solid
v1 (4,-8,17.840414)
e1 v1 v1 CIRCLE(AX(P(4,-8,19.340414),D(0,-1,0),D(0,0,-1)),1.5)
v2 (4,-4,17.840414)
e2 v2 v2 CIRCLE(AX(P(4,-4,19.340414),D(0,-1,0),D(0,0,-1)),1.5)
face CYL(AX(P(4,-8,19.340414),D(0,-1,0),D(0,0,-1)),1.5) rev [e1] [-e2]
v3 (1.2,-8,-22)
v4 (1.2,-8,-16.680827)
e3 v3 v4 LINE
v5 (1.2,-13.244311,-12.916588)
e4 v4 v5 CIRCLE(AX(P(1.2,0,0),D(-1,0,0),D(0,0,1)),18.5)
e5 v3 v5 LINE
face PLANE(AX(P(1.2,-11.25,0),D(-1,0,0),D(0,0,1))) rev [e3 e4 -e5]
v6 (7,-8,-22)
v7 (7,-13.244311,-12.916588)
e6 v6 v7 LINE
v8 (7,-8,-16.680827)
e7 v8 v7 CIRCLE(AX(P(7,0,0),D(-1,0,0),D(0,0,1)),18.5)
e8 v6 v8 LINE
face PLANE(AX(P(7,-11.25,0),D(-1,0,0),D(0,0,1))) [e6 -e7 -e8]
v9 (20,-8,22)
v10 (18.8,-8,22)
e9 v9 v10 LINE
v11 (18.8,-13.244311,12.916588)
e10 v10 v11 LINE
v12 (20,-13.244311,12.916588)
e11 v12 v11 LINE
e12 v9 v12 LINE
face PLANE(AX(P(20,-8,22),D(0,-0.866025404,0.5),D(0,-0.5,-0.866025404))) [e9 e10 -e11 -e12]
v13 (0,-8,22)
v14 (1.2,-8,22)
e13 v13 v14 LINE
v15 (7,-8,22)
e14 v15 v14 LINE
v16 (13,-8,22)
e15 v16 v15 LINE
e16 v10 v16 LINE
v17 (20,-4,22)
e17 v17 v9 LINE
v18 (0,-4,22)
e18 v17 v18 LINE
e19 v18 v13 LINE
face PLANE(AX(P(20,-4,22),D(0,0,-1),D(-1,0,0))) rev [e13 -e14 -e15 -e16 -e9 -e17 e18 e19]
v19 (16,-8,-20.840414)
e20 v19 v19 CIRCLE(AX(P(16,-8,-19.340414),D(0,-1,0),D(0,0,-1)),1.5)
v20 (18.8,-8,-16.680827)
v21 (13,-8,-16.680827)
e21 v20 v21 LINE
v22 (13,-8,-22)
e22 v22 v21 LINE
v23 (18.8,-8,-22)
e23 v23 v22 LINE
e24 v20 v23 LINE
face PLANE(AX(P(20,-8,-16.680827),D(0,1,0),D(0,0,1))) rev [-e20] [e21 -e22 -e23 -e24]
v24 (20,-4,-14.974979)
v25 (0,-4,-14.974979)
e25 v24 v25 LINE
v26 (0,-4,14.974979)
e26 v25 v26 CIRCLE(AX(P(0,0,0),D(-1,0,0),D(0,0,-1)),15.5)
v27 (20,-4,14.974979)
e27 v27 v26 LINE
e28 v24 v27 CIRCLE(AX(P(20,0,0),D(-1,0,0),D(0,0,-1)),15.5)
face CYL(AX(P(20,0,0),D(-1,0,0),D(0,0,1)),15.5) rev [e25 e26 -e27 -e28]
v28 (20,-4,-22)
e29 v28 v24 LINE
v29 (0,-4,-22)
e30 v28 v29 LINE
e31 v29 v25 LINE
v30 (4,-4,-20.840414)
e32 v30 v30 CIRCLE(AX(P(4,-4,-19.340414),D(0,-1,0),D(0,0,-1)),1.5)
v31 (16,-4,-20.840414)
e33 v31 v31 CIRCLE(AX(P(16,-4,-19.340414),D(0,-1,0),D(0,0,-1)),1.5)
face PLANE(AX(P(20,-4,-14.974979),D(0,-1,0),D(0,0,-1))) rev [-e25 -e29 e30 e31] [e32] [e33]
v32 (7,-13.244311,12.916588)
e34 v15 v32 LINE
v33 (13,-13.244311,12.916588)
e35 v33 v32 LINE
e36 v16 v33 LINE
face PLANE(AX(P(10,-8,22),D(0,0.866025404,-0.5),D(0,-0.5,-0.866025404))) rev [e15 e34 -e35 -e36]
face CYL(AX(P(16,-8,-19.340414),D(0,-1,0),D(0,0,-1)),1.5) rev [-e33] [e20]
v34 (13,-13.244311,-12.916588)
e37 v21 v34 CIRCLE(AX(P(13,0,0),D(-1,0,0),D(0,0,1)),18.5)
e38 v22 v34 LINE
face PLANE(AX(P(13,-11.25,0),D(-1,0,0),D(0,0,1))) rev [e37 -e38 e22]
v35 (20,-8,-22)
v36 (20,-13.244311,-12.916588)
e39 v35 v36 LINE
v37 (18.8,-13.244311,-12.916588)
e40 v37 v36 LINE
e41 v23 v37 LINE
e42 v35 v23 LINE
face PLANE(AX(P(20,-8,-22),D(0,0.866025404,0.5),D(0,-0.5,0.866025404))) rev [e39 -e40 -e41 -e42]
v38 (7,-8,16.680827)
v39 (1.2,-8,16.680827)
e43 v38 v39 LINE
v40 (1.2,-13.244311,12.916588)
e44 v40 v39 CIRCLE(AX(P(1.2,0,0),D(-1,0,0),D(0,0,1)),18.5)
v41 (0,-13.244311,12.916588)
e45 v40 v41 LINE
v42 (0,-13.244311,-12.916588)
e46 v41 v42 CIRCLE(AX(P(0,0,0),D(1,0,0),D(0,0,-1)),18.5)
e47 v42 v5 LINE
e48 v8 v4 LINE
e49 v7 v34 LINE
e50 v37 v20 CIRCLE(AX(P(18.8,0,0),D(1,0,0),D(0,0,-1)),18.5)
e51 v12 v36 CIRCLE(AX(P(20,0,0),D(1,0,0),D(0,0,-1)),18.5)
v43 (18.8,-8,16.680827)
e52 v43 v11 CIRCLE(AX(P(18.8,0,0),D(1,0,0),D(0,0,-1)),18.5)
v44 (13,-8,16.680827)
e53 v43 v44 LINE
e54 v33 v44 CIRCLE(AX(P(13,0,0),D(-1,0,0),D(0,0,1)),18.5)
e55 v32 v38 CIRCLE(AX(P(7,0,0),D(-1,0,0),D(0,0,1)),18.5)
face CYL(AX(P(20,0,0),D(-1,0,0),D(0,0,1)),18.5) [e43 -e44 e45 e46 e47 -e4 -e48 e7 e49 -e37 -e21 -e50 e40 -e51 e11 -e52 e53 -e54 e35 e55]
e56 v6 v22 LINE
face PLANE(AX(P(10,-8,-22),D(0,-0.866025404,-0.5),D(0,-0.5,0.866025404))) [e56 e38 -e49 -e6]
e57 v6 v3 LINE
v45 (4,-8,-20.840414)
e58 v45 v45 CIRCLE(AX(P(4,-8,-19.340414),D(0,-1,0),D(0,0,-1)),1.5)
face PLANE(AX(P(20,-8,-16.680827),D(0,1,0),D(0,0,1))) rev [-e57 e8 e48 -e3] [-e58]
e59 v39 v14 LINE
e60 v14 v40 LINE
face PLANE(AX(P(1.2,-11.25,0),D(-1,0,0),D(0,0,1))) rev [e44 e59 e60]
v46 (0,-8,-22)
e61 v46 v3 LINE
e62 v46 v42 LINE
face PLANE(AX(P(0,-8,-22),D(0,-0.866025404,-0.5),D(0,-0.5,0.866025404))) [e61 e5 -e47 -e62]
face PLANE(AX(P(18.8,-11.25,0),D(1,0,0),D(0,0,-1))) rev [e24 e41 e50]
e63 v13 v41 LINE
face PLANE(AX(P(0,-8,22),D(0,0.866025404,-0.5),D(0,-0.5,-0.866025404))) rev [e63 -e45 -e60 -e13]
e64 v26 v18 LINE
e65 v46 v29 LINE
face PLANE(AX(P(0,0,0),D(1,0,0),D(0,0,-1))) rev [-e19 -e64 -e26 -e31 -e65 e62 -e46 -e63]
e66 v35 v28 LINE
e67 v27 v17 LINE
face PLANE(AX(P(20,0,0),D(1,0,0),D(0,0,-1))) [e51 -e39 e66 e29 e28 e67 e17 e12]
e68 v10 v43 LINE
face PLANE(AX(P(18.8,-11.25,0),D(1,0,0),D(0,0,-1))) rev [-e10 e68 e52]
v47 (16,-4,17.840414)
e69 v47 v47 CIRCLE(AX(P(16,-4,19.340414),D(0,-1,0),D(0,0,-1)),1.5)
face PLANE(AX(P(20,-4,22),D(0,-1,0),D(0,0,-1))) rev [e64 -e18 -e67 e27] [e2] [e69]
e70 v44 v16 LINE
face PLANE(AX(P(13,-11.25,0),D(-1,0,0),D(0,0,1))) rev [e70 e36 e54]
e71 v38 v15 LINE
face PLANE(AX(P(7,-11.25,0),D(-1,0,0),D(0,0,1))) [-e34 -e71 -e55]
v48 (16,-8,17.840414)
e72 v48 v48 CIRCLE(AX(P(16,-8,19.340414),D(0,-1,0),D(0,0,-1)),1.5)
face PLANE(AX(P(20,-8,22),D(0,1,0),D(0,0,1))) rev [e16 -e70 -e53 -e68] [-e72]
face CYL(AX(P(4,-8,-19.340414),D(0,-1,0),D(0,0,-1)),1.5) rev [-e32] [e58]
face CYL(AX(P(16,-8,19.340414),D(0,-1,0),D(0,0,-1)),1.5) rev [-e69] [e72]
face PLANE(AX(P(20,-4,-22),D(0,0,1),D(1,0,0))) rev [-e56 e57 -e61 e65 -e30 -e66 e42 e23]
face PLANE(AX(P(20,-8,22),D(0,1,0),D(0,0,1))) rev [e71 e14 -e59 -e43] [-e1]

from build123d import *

# Parameters (mm, degrees)
EXTRUDE_1_DEPTH          = 20
RIB_1_REACH              = 37.018
SKETCH_3_WALL_W          = 82.524326188
SKETCH_3_WALL_H          = 1.2
RIB_2_REACH              = 32.434
SKETCH_4_WALL_W          = 73.357332182
SKETCH_4_WALL_H          = 6
MM_1_AT_2_COUNT          = 2
MM_1_AT_2_PITCH          = 12
MIRROR_2_COPY_1_REACH    = 37.018
MIRROR_2_COPY_1_SKETCH_W = 82.524326188
MIRROR_2_COPY_1_SKETCH_H = 1.2


with BuildPart() as part:
    # 草图1 → 凸台-拉伸1 (new body)
    with BuildSketch(Plane(origin=(0, 0, 0), x_dir=(0, 0, -1), z_dir=(1, 0, 0))):
        with BuildLine():
            Line((-22, -4), (-14.974979132, -4))
            ThreePointArc((-14.974979132, -4), (0, -15.5), (14.974979132, -4))
            Line((14.974979132, -4), (22, -4))
            Line((22, -4), (22, -8))
            Line((22, -8), (16.680827318, -8))
            ThreePointArc((16.680827318, -8), (0, -18.5), (-16.680827318, -8))
            Line((-16.680827318, -8), (-22, -8))
            Line((-22, -8), (-22, -4))
        make_face()
    extrude(amount=EXTRUDE_1_DEPTH)

    # 草图3 wall → 筋1 (add, up to next)
    with BuildSketch(Plane(origin=(0, -10.622155252, 17.458293879), x_dir=(0, -0.500000000025, -0.86602540377), z_dir=(0, -0.86602540377, 0.500000000025)), mode=Mode.PRIVATE) as rib_1_sk1:
        with Locations((0, 0.6)):
            Rectangle(SKETCH_3_WALL_W, SKETCH_3_WALL_H)
    rib_1_tool1 = extrude(rib_1_sk1.sketch, amount=-RIB_1_REACH, mode=Mode.PRIVATE) - part.part
    rib_1 = rib_1_tool1.solids().sort_by_distance((0, -10.622155252, 17.458293879))[0]
    add(rib_1)

    # 草图4 wall → 筋2 (add, up to next)
    with BuildSketch(Plane(origin=(10, -10.622155252, 17.458293879), x_dir=(0, -0.500000000025, -0.86602540377), z_dir=(0, -0.86602540377, 0.500000000025)), mode=Mode.PRIVATE) as rib_2_sk1:
        Rectangle(SKETCH_4_WALL_W, SKETCH_4_WALL_H)
    rib_2_tool1 = extrude(rib_2_sk1.sketch, amount=-RIB_2_REACH, mode=Mode.PRIVATE) - part.part
    rib_2 = rib_2_tool1.solids().sort_by_distance((10, -10.622155252, 17.458293879))[0]
    add(rib_2)

    # 镜向1: 筋1 across plane
    add(rib_1.mirror(Plane.ZY.offset(-10)))

    # 草图6 → 大小mm 暗销孔1 (revolve, cut)
    with BuildSketch(Plane(origin=(16, -8, 19.340413659), x_dir=(0, 0, -1), z_dir=(1, 0, 0))):
        Polygon((0, 0), (0, 5.901290929), (1.5, 5), (1.5, 0), align=None)
    mm_1 = revolve(axis=Axis((16, -14.35, 19.340413659), (0, 1, 0)), mode=Mode.SUBTRACT)

    # 大小mm 暗销孔1 at 2: 大小mm 暗销孔1 ×2
    with Locations(*[(-i * MM_1_AT_2_PITCH, 0, 0) for i in range(1, MM_1_AT_2_COUNT)]):
        add(mm_1, mode=Mode.SUBTRACT)

    # 镜向2: 筋1, 筋2, 大小mm 暗销孔1 across plane
    add(rib_1.mirror(Plane.XY))
    add(rib_2.mirror(Plane.XY))
    add(mm_1.mirror(Plane.XY), mode=Mode.SUBTRACT)

    # 镜向2 copy 1 sketch → 镜向2 copy 1 (add, up to next)
    with BuildSketch(Plane(origin=(20, -10.622155252, -17.458293879), x_dir=(0, -0.500000000025, 0.86602540377), z_dir=(0, -0.86602540377, -0.500000000025)), mode=Mode.PRIVATE) as mirror_2_copy_1_sk1:
        with Locations((0, 0.6)):
            Rectangle(MIRROR_2_COPY_1_SKETCH_W, MIRROR_2_COPY_1_SKETCH_H)
    mirror_2_copy_1_tool1 = extrude(mirror_2_copy_1_sk1.sketch, amount=-MIRROR_2_COPY_1_REACH, mode=Mode.PRIVATE) - part.part
    add(mirror_2_copy_1_tool1.solids().sort_by_distance((20, -10.622155252, -17.458293879))[0])

    # 镜向2 copy 2 sketch → 镜向2 copy 2 (revolve, cut)
    with BuildSketch(Plane(origin=(4, -8, -19.340413659), x_dir=(0, 0, 1), z_dir=(1, 0, 0))):
        Polygon((0, 0), (0, -5.901290929), (1.5, -5), (1.5, 0), align=None)
    revolve(axis=Axis((4, -14.35, -19.340413659), (0, -1, 0)), mode=Mode.SUBTRACT)


solid = part.part
